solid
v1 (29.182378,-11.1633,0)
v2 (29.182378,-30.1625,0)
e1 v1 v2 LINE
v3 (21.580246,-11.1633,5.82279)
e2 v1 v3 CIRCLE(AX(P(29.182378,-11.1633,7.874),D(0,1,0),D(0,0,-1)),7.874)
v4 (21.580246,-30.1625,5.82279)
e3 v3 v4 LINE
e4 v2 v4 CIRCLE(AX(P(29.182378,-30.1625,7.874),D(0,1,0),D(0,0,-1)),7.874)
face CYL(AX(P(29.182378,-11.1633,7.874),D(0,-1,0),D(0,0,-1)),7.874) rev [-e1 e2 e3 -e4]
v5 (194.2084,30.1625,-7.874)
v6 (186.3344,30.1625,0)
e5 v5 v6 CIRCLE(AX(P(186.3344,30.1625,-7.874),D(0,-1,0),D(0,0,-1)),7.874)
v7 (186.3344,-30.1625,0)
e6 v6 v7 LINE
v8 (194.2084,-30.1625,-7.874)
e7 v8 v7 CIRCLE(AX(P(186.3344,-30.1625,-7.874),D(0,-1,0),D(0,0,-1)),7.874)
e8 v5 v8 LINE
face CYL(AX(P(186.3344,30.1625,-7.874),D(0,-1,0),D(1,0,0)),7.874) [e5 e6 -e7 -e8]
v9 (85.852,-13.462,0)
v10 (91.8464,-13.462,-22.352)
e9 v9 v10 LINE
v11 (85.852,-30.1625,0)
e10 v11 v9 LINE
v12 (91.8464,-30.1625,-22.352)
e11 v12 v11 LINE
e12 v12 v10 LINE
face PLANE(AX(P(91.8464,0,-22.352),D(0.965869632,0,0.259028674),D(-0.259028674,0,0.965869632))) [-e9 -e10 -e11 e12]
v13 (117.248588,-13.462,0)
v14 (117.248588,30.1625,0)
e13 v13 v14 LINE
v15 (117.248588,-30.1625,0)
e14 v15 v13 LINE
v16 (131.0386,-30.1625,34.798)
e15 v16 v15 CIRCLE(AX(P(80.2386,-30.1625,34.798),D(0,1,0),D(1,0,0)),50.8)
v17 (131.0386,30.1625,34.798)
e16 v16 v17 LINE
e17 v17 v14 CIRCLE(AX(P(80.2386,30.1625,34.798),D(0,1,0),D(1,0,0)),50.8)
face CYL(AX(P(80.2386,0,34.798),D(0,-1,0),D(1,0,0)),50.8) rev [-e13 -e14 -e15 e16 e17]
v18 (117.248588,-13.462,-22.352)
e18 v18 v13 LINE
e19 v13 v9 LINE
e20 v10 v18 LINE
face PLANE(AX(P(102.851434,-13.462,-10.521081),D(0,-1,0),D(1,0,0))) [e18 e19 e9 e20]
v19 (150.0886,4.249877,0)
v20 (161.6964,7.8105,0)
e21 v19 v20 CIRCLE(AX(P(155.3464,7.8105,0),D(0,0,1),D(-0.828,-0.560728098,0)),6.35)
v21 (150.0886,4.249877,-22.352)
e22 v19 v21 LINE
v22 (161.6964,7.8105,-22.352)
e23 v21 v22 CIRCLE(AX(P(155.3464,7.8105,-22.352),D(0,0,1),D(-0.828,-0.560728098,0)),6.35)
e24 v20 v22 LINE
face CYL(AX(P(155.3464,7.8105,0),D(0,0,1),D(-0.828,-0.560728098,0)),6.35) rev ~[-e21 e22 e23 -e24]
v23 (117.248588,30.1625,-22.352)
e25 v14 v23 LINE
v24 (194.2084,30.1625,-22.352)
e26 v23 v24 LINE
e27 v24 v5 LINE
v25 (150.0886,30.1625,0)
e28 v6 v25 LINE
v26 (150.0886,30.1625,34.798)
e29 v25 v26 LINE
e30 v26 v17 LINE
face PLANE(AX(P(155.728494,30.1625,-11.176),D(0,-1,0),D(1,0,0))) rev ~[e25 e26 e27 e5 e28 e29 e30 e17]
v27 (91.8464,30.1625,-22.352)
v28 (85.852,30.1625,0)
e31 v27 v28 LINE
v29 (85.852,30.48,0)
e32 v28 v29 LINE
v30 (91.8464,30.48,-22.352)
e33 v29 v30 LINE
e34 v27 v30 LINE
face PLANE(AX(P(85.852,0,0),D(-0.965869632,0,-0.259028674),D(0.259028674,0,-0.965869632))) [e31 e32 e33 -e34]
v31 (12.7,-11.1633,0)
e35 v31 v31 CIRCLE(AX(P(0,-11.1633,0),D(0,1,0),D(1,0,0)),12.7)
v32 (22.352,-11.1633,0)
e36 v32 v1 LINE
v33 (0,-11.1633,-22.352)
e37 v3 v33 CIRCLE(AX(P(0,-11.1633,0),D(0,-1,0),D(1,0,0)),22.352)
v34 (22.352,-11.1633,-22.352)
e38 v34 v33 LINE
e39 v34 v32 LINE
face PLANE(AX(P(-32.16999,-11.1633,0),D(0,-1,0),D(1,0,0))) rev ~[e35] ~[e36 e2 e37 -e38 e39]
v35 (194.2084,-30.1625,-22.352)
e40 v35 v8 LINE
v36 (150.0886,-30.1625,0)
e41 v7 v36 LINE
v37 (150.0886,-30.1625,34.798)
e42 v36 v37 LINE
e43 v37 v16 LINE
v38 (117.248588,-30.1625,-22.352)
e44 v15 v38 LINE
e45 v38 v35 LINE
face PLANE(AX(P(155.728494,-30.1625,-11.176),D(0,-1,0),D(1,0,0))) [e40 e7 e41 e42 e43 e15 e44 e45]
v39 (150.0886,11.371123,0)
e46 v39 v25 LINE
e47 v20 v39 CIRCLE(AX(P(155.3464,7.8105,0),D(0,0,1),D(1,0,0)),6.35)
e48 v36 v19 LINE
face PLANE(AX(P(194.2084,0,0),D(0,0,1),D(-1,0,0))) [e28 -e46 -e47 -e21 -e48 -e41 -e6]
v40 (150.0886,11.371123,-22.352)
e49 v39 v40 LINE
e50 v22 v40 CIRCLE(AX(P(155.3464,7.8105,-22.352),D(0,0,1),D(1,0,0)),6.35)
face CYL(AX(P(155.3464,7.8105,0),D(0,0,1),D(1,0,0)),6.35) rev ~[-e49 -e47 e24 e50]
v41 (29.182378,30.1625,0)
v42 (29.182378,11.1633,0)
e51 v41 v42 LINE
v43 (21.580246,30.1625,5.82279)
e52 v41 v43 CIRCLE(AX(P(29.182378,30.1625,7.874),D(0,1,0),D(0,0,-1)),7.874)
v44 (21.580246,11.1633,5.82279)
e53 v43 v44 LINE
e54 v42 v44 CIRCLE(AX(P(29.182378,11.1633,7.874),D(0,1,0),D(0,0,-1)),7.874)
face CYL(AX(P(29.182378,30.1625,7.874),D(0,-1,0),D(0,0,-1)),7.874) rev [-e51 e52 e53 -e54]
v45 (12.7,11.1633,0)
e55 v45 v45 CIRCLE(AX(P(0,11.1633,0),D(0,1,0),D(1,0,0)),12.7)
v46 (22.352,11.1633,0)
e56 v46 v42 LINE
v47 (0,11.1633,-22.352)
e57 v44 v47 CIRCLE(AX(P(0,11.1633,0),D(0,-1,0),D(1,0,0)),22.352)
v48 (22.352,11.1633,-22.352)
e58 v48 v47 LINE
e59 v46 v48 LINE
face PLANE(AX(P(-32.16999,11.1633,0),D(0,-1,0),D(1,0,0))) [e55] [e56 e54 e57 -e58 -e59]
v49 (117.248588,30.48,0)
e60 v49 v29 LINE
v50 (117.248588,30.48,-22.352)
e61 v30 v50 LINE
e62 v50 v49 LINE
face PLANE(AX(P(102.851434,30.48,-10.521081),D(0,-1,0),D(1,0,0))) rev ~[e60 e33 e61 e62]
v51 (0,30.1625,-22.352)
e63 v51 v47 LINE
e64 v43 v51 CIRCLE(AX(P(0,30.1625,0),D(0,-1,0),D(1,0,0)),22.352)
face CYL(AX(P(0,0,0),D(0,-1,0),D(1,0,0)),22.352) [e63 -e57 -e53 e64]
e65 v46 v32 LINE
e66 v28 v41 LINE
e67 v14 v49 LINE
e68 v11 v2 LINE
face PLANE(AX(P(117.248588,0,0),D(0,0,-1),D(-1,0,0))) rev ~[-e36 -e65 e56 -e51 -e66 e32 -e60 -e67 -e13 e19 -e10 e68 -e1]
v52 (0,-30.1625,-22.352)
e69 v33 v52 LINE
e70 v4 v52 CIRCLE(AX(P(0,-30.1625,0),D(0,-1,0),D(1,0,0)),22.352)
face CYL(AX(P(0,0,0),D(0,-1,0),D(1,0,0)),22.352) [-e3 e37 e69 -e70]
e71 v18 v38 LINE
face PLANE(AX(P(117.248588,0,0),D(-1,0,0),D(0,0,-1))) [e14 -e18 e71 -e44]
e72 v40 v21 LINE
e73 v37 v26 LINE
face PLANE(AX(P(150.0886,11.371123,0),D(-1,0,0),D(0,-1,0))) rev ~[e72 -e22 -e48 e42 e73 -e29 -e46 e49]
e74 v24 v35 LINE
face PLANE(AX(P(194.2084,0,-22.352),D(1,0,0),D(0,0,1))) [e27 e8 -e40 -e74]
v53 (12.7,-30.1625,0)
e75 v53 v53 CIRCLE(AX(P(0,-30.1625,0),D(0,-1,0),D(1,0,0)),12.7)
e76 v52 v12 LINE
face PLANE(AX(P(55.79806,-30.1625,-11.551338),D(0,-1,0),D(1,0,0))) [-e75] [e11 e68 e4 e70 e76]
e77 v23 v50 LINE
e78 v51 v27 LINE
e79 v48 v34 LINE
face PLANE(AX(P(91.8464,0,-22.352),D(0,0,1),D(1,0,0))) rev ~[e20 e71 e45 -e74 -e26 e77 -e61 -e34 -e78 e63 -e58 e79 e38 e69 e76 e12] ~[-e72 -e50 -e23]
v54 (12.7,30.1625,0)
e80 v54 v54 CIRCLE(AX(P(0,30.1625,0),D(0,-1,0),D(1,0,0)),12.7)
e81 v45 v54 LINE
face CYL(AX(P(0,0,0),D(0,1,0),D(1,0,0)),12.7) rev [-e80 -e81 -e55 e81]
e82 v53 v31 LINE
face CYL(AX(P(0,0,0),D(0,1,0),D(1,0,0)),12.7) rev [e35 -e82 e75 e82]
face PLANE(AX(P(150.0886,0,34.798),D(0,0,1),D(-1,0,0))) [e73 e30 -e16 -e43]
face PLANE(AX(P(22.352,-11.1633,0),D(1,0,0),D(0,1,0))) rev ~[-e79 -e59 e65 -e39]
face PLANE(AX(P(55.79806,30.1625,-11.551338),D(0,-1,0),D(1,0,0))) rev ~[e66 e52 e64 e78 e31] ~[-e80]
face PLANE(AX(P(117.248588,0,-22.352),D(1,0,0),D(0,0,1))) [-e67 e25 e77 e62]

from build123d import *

# Parameters (mm, degrees)
F0_R     = 12.7
F1_DEPTH = 30.1625
F2_R     = 6.35
F3_DEPTH = 34.799
F2_W     = 54.5219902415
F2_H     = 22.3266
F4_DEPTH = 63.5
F5_DEPTH = 30.1625
F6_R     = 7.874
F7_DEPTH = 30.48
F8_DEPTH = 13.462
F9_DEPTH = 25.4
F10_R    = 7.874


with BuildPart() as f1:
    # F0 (on Front) → F1 (new body, symmetric)
    with BuildSketch(Plane.XZ):
        Polygon((85.852, 0), (22.352, 0), (22.352, -22.352), (91.8464, -22.352), align=None)
        with BuildLine():
            Line((22.352, -22.352), (22.352, 0))
            ThreePointArc((22.352, 0), (-15.8052507731, 15.8052507731), (0, -22.352))
            Line((0, -22.352), (22.352, -22.352))
        make_face()
        Circle(F0_R, mode=Mode.SUBTRACT)
    extrude(amount=F1_DEPTH, both=True)

    # F2 (on face) → F4 (cut, symmetric)
    with BuildSketch(Plane.XY):
        with Locations((-4.9089951208, 0)):
            Rectangle(F2_W, F2_H)
    extrude(amount=F4_DEPTH, both=True, mode=Mode.SUBTRACT)

    # F6
    f6_edges = [f1.edges().sort_by_distance(p)[0] for p in [
        (22.352, -20.6629, 0),
        (22.352, 20.6629, 0),
    ]]
    fillet(f6_edges, radius=F6_R)



with BuildPart() as f1b:
    # F0 (on Front) → F1, piece 2 (new body, symmetric)
    with BuildSketch(Plane.XZ):
        Polygon((117.2485877871, 0), (117.2485877871, -22.352), (194.2084, -22.352), (194.2084, 0), (150.0886, 0), align=None)
        with BuildLine():
            ThreePointArc((131.0386, 34.798), (127.4654323074, 16.0825969798), (117.2485877871, 0))
            Line((117.2485877871, 0), (150.0886, 0))
            Line((150.0886, 0), (150.0886, 34.798))
            Line((150.0886, 34.798), (131.0386, 34.798))
        make_face()
    extrude(amount=F1_DEPTH, both=True)

    # F2 (on face) → F3 (cut, through all)
    with BuildSketch(Plane.XY):
        with Locations((155.3464, 7.8105)):
            Circle(F2_R)
    extrude(amount=F3_DEPTH, mode=Mode.SUBTRACT)

    # F0 (on Front) → F5 (join, symmetric)
    with BuildSketch(Plane.XZ):
        with BuildLine():
            ThreePointArc((131.0386, 34.798), (127.4654323074, 16.0825969798), (117.2485877871, 0))
            Line((117.2485877871, 0), (150.0886, 0))
            Line((150.0886, 0), (150.0886, 34.798))
            Line((150.0886, 34.798), (131.0386, 34.798))
        make_face()
    extrude(amount=F5_DEPTH, both=True)


with BuildPart() as f7:
    # F0 (on Front) → F7 (new body)
    with BuildSketch(Plane.XZ):
        Polygon((108.2802, 0), (85.852, 0), (91.8464, -22.352), (117.2485877871, -22.352), (117.2485877871, 0), (117.2464, 0), align=None)
    extrude(amount=-F7_DEPTH)


with BuildPart() as f1_1:
    add(f1.part)

    add(f1b.part)  # F8 merges F1b

    add(f7.part)  # F8 merges F7
    # F0 (on Front) → F8 (join)
    with BuildSketch(Plane.XZ):
        Polygon((108.2802, 0), (85.852, 0), (91.8464, -22.352), (117.2485877871, -22.352), (117.2485877871, 0), (117.2464, 0), align=None)
    extrude(amount=F8_DEPTH)

    # F2 (on face) → F9 (cut)
    with BuildSketch(Plane.XY):
        with BuildLine():
            ThreePointArc((150.0886, 4.2498765771), (157.2085855439, 1.7396874514), (161.6964, 7.8105))
            ThreePointArc((161.6964, 7.8105), (157.2085855439, 13.8813125486), (150.0886, 11.3711234229))
            Line((150.0886, 11.3711234229), (150.0886, 4.2498765771))
        make_face()
    extrude(amount=-F9_DEPTH, mode=Mode.SUBTRACT)

    # F10
    f10_edges = [f1_1.edges().sort_by_distance(p)[0] for p in [
        (194.2084, 0, 0),
    ]]
    fillet(f10_edges, radius=F10_R)


solid = f1_1.part
